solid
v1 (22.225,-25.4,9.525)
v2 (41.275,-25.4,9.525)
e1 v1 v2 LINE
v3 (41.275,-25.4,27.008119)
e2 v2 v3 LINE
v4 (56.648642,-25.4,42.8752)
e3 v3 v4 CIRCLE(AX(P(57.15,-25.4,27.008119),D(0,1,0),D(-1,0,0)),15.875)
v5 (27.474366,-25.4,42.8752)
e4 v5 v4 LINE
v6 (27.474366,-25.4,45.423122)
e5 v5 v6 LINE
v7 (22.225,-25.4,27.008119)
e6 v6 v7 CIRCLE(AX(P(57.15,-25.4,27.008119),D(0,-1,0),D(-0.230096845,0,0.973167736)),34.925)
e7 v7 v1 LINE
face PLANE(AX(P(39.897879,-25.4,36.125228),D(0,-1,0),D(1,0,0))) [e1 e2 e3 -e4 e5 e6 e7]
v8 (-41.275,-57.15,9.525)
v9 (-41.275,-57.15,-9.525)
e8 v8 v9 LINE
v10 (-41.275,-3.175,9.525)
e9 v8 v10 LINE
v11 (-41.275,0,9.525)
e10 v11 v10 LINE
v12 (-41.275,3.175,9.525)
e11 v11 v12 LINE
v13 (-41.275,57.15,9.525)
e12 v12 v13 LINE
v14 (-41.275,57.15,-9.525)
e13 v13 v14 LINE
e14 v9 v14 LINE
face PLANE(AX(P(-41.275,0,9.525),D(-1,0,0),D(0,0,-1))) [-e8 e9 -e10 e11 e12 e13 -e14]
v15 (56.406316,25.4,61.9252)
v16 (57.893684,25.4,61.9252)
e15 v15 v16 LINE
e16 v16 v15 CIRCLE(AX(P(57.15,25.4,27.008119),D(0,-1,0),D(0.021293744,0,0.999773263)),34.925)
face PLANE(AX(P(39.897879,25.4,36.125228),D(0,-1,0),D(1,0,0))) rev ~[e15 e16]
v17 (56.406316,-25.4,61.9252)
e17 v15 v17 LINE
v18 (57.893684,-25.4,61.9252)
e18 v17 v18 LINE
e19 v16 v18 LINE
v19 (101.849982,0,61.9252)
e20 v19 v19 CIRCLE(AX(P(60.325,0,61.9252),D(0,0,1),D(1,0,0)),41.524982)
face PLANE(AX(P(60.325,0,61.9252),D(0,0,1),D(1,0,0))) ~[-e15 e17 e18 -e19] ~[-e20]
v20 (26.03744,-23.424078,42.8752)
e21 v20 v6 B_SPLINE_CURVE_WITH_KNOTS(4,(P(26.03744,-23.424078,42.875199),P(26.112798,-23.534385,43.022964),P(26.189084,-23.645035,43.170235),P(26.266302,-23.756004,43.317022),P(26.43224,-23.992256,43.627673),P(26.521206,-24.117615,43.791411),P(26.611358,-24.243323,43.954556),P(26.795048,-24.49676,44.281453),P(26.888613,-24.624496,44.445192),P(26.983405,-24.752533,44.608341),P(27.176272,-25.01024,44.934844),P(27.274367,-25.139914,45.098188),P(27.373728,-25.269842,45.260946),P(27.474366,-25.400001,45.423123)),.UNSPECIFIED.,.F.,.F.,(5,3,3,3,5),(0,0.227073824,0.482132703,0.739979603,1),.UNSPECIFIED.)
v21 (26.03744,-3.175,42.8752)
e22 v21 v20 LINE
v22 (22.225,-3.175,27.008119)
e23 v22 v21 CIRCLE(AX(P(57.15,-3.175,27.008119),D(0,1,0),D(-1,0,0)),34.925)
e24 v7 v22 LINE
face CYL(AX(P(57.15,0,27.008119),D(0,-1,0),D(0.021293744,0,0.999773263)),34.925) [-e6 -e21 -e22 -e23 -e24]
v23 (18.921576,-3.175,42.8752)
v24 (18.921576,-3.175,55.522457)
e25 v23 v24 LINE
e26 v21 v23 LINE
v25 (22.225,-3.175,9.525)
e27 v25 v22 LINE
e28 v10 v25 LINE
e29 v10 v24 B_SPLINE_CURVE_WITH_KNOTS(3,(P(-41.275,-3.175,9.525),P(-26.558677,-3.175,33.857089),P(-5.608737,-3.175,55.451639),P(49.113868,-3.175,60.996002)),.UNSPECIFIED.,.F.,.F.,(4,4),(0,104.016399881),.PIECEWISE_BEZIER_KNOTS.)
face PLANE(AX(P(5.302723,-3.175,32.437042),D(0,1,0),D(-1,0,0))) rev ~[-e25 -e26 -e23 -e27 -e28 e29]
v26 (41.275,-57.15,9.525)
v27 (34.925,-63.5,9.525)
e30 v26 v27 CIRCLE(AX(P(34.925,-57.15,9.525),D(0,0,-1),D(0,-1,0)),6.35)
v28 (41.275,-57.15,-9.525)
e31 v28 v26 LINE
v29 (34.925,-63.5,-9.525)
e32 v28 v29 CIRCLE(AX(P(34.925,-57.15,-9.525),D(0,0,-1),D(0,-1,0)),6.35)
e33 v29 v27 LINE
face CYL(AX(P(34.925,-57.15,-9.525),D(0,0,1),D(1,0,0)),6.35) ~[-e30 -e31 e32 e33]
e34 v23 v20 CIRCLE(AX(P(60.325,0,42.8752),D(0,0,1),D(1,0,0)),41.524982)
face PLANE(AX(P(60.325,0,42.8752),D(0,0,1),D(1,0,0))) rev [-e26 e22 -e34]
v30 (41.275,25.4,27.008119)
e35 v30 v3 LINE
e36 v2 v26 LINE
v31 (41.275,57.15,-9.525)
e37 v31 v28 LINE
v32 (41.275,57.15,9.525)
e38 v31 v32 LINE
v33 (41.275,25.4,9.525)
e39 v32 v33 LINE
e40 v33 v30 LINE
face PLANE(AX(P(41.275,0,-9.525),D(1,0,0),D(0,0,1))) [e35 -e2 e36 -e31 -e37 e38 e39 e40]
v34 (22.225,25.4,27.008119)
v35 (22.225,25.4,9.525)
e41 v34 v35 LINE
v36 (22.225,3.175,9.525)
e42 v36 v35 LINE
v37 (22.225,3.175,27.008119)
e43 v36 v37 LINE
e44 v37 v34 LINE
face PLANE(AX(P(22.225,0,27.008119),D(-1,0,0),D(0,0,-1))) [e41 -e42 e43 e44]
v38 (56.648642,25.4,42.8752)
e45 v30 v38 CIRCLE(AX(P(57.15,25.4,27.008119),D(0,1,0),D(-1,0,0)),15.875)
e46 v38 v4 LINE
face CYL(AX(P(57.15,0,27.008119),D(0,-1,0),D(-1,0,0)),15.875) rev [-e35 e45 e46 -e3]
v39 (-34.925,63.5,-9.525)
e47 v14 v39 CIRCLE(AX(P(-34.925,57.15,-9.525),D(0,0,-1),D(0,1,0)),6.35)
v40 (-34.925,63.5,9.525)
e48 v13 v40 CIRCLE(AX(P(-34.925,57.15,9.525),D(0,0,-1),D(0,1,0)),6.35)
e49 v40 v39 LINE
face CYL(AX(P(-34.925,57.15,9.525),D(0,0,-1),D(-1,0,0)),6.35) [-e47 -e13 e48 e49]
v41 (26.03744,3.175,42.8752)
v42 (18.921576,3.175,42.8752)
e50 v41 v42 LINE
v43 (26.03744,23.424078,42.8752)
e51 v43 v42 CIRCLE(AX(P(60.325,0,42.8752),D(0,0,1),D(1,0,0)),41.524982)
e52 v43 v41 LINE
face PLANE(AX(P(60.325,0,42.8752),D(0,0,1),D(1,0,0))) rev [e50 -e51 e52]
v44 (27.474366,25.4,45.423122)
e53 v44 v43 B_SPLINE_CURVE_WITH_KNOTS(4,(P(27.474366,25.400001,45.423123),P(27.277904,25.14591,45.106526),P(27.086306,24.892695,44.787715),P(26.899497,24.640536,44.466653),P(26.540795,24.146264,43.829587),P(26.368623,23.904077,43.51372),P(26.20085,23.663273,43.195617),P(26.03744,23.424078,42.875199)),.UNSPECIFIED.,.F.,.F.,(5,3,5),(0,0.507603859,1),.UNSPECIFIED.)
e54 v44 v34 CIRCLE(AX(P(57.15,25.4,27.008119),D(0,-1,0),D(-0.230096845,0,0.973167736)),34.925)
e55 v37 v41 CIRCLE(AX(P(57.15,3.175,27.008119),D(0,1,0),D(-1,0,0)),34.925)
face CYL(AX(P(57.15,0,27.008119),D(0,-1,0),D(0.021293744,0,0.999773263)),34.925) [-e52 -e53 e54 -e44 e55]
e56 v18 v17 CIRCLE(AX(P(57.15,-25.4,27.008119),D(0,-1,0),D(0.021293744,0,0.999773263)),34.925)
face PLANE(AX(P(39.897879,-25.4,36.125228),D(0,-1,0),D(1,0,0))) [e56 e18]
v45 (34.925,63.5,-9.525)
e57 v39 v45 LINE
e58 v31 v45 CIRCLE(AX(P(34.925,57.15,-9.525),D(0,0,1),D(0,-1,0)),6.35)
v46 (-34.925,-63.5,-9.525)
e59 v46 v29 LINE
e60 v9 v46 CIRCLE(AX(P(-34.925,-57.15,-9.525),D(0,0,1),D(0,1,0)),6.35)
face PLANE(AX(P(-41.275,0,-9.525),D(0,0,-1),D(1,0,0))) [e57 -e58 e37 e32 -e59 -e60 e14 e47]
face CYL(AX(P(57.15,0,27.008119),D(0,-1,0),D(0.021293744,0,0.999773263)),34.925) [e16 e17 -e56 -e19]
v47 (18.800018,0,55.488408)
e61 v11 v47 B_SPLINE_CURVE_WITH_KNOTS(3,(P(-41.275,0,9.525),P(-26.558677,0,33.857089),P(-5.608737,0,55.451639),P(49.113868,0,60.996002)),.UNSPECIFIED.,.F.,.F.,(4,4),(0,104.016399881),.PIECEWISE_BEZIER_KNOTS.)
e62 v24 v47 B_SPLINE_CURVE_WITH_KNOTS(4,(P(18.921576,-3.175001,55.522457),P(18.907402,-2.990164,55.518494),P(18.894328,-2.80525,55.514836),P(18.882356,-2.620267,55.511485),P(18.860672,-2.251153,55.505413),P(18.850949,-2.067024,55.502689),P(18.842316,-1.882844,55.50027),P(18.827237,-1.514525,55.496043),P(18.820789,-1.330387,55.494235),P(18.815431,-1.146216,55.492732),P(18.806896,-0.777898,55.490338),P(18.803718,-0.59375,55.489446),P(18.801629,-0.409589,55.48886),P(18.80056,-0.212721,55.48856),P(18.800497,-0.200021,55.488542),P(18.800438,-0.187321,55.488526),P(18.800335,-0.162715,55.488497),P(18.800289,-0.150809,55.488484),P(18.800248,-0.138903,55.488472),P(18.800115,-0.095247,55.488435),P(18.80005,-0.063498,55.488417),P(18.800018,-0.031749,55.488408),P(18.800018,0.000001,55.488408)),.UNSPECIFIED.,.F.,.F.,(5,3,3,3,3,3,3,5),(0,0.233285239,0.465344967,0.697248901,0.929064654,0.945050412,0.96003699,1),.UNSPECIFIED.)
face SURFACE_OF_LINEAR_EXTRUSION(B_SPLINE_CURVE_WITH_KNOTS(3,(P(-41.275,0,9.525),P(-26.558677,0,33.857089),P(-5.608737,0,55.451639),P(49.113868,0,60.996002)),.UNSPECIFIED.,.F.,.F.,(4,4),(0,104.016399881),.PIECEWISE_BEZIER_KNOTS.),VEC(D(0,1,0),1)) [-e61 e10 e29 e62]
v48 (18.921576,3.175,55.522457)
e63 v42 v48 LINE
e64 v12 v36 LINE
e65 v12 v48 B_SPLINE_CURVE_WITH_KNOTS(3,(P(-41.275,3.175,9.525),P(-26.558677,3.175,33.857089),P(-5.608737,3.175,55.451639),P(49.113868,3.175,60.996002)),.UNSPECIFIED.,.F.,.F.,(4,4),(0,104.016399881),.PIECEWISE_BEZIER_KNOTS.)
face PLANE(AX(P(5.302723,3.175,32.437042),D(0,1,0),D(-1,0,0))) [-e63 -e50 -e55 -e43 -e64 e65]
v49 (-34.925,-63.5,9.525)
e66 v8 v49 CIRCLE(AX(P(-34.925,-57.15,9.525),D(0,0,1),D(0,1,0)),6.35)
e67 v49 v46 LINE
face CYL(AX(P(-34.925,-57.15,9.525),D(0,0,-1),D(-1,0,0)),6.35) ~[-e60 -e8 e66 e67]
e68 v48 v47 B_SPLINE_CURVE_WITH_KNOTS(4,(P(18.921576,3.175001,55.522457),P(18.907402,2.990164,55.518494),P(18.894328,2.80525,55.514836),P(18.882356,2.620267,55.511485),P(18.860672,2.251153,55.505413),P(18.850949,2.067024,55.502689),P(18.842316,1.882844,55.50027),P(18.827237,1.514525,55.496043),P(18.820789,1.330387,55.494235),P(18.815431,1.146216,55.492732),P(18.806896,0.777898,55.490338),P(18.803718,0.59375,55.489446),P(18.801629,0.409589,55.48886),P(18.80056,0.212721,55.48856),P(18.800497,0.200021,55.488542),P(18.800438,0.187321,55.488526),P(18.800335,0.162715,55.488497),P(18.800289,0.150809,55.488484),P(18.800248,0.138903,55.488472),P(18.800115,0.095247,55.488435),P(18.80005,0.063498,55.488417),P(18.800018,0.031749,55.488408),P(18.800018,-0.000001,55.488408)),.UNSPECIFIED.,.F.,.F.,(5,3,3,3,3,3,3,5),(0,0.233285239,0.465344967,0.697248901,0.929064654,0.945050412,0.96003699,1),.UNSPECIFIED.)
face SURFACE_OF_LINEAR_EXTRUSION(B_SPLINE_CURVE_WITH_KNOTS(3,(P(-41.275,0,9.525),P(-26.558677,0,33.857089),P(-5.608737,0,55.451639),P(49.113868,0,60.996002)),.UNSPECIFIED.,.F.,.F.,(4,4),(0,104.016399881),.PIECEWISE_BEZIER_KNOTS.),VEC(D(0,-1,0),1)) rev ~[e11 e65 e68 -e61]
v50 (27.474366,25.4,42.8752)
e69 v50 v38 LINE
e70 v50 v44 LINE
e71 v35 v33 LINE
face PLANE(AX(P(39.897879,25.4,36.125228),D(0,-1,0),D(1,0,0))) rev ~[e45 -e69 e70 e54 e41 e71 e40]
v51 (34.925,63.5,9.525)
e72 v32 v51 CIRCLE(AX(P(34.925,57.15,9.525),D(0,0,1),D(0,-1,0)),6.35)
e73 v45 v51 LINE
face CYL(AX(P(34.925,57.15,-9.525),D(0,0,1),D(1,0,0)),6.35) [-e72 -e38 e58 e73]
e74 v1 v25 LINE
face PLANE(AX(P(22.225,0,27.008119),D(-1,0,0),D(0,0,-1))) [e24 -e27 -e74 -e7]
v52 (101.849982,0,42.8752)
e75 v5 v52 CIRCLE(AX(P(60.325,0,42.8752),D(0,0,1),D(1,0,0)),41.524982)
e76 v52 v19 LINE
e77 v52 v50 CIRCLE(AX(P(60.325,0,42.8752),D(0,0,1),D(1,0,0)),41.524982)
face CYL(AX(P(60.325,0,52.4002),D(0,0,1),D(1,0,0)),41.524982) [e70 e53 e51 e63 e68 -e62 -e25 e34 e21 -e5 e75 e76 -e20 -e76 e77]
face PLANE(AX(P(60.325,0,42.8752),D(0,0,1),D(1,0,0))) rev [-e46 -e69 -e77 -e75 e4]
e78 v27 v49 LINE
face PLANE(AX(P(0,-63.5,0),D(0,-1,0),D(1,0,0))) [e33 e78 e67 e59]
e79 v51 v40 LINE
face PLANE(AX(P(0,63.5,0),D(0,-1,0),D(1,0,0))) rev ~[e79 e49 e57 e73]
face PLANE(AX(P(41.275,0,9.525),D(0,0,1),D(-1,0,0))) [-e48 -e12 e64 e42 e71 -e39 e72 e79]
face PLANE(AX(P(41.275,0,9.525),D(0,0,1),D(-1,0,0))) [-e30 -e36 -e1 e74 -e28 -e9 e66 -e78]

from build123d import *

# Parameters (mm, degrees)
F1_DEPTH = 63.5
F2_DEPTH = 25.4
F3_DEPTH = 3.175
F0_W     = 41.5249824387
F0_H     = 19.05
F5_R     = 6.35


with BuildPart() as f1:
    # F0 (on Front) → F1 (new body, symmetric)
    with BuildSketch(Plane.XZ):
        Polygon((-41.275, -9.525), (41.275, -9.525), (41.275, 9.525), (22.225, 9.525), (-41.275, 9.525), align=None)
    extrude(amount=F1_DEPTH, both=True)

    # F0 (on Front) → F2 (join, symmetric)
    with BuildSketch(Plane.XZ):
        with BuildLine():
            Line((22.225, 9.525), (41.275, 9.525))
            Line((41.275, 9.525), (41.275, 27.0081188058))
            ThreePointArc((41.275, 27.0081188058), (46.1033585618, 38.409317775), (57.6513575351, 42.8752))
            Line((57.6513575351, 42.8752), (60.325, 42.8752))
            Line((60.325, 42.8752), (60.325, 61.9252))
            Line((60.325, 61.9252), (57.8936839925, 61.9252))
            ThreePointArc((57.8936839925, 61.9252), (53.4742955907, 61.7391542366), (49.1138676774, 60.9960019746))
            ThreePointArc((49.1138676774, 60.9960019746), (29.7600607306, 48.6771485907), (22.225, 27.0081188058))
            Line((22.225, 27.0081188058), (22.225, 9.525))
        make_face()
    extrude(amount=F2_DEPTH, both=True)

    # F0 (on Front) → F3 (join, symmetric)
    with BuildSketch(Plane.XZ):
        with BuildLine():
            add(Edge.make_bspline(
                [(-41.275, 9.525), (-26.5586767346, 33.857088536), (-5.6087374687, 55.4516389966), (49.1138676774, 60.9960019746)],
                knots=[0, 0, 0, 0, 104.0163998813, 104.0163998813, 104.0163998813, 104.0163998813], degree=3))
            Line((-41.275, 9.525), (22.225, 9.525))
            Line((22.225, 9.525), (22.225, 27.0081188058))
            ThreePointArc((22.225, 27.0081188058), (29.7600607306, 48.6771485907), (49.1138676774, 60.9960019746))
        make_face()
    extrude(amount=F3_DEPTH, both=True)

    # F0 (on Front) → F4 (revolve)
    with BuildSketch(Plane.XZ):
        with Locations((81.0874912194, 52.4002)):
            Rectangle(F0_W, F0_H)
    revolve(axis=Axis((60.325, 0, 52.3875), (0, 0, 1)))

    # F5
    f5_edges = [f1.edges().sort_by_distance(p)[0] for p in [
        (41.275, -63.5, 0),
        (-41.275, -63.5, 0),
        (-41.275, 63.5, 0),
        (41.275, 63.5, 0),
    ]]
    fillet(f5_edges, radius=F5_R)


solid = f1.part
